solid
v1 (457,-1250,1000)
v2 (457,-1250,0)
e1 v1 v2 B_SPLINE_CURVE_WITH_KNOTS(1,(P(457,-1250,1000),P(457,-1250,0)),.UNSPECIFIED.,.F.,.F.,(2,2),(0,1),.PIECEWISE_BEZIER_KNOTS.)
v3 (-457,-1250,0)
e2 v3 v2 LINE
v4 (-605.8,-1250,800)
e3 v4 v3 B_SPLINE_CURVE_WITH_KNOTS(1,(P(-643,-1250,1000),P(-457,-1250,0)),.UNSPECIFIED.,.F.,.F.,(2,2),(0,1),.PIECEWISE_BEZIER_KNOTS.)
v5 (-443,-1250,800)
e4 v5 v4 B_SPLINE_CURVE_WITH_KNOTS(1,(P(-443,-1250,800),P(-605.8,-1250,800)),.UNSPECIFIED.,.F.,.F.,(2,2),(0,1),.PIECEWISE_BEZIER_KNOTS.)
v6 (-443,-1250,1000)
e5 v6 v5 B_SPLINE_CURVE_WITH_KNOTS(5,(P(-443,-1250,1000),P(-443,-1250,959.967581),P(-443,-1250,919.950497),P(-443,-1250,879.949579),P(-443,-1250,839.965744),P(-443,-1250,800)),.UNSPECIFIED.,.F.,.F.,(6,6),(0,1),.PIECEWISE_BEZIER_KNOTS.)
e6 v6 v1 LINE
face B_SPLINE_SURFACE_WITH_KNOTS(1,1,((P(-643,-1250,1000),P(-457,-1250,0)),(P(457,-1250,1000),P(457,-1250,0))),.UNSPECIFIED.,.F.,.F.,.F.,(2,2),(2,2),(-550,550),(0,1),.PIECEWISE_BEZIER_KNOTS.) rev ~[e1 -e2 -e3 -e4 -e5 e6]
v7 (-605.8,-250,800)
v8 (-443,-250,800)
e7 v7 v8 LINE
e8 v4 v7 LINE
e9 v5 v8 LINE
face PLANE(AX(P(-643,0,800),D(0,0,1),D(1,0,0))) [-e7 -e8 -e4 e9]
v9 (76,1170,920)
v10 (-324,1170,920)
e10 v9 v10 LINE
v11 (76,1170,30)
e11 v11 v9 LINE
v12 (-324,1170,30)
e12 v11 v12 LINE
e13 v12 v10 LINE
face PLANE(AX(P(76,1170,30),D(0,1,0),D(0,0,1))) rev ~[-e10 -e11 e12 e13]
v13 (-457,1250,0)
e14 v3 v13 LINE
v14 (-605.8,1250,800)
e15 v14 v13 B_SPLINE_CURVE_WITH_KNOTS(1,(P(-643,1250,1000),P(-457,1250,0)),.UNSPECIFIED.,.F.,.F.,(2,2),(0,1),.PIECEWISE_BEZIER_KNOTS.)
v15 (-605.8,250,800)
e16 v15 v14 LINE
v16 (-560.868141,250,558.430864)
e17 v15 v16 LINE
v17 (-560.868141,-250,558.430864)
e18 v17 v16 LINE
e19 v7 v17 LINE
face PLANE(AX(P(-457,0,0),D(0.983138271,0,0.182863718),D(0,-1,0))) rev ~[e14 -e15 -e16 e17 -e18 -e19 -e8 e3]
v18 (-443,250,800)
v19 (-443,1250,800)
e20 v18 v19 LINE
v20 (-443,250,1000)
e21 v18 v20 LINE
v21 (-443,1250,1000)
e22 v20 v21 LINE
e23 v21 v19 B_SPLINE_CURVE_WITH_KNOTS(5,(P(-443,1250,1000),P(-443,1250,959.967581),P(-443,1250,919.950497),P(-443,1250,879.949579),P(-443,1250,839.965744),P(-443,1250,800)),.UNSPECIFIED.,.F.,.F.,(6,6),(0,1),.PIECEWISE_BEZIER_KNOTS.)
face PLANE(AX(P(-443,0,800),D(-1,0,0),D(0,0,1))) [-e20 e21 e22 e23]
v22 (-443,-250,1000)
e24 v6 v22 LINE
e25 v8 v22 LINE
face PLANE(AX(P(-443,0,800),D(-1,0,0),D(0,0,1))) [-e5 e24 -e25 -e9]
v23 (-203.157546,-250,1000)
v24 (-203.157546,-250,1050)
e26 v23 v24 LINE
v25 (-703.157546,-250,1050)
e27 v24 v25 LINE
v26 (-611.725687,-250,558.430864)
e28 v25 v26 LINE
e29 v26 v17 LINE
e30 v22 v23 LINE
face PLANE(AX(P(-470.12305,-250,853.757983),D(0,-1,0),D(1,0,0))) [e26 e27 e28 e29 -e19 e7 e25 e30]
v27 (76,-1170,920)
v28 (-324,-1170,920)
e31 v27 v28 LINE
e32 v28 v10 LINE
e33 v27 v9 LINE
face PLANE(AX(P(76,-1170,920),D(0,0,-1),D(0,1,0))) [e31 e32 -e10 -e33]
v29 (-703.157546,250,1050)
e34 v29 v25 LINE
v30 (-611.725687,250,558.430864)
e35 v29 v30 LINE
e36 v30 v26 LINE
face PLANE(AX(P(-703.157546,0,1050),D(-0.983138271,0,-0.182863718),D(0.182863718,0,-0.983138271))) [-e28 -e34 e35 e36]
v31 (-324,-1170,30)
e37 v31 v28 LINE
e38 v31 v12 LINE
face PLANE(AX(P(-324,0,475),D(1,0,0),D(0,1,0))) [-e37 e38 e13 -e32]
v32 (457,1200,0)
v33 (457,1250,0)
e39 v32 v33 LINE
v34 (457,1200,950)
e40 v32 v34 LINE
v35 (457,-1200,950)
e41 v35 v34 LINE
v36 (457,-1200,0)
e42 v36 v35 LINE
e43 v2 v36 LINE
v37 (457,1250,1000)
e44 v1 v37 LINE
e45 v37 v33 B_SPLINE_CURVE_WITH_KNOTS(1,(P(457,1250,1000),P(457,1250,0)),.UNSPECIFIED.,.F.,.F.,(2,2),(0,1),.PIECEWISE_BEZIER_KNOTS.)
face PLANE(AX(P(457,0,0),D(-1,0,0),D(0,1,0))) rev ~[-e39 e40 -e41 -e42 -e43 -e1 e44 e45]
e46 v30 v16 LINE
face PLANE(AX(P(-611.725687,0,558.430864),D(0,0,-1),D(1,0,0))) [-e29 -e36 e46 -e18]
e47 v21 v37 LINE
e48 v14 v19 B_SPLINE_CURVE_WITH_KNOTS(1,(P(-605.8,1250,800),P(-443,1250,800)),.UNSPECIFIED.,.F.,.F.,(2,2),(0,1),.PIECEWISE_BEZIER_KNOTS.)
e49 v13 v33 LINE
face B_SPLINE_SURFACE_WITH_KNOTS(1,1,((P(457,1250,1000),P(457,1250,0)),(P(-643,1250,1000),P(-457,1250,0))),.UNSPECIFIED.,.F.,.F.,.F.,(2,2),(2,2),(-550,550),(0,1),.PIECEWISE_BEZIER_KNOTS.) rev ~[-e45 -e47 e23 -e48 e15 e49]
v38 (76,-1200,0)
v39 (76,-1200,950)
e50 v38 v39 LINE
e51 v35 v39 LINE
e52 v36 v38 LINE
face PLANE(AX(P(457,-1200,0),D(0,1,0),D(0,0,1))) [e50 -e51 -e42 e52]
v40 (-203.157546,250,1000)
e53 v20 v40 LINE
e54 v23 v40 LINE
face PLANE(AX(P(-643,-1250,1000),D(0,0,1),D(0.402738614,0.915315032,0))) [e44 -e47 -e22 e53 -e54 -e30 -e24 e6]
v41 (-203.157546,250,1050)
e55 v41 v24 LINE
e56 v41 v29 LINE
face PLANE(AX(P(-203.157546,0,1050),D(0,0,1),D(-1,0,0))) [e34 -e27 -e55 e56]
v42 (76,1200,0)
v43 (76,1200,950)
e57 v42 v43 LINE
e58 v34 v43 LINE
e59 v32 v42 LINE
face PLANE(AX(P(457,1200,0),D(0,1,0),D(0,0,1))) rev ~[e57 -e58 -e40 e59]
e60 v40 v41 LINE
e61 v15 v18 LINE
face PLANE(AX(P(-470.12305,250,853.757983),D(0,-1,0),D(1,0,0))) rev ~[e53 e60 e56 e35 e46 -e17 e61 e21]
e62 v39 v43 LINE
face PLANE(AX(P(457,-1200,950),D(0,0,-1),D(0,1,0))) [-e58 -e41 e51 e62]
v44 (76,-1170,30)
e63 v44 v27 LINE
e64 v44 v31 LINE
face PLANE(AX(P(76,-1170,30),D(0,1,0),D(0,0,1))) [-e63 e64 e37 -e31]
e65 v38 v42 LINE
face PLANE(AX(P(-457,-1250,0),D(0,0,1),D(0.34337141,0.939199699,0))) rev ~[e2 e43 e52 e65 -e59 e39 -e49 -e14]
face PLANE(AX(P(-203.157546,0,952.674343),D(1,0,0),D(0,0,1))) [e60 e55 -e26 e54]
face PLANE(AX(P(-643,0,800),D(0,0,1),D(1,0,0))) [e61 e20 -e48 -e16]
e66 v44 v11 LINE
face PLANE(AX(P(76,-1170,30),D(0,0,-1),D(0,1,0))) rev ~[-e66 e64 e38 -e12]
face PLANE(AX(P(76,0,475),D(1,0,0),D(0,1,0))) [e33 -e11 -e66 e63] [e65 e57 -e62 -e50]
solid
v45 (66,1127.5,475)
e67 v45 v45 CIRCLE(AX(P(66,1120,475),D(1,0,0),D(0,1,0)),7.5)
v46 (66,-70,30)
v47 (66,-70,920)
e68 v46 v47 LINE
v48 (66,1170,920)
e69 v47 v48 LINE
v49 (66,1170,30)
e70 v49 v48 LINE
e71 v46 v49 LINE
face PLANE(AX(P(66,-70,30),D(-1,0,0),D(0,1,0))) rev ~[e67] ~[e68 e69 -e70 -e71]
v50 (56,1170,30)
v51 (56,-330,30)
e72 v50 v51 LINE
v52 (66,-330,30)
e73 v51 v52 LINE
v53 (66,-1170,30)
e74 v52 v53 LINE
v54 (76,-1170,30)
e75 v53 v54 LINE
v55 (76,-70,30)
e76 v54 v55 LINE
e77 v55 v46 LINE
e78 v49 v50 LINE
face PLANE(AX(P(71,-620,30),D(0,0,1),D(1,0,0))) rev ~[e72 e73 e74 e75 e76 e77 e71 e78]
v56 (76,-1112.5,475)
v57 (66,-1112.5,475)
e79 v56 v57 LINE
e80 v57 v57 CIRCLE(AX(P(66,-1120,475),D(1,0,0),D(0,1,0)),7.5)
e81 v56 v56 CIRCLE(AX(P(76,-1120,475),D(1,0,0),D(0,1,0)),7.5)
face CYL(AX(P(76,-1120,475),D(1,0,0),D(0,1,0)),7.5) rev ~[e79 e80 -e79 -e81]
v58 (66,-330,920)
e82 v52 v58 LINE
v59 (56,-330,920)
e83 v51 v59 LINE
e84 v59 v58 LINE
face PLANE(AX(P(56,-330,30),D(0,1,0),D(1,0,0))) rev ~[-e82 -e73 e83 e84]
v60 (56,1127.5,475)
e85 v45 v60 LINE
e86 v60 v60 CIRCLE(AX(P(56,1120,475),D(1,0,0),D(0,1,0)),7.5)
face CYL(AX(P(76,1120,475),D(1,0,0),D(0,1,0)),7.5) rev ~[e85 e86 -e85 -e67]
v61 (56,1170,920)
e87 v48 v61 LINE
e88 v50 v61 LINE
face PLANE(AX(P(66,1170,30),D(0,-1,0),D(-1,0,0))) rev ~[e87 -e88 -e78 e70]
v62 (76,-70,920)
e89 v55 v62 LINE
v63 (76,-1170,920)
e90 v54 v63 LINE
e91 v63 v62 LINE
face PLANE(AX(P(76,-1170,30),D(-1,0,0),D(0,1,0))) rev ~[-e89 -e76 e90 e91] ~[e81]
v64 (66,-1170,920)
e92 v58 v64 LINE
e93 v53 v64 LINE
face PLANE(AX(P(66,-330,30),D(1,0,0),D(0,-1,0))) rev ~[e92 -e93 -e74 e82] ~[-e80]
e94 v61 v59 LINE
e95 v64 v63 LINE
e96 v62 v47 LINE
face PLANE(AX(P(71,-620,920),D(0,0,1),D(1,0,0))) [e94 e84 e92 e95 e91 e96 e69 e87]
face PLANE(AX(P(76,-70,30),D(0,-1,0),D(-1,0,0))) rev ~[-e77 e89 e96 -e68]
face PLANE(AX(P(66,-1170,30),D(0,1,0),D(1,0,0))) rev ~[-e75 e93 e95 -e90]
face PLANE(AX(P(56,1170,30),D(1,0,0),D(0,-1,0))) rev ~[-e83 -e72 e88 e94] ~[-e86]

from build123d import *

# Parameters (mm, degrees)
F2_W           = 1100
F2_H           = 2500
F0_W           = 914
F0_H           = 2500
F4_W           = 2400
F4_H           = 950
F5_DEPTH       = 381
F6_W           = 2340
F6_H           = 890
F7_DEPTH       = 400
F9_DEPTH       = 890
F10_R          = 7.5
F11_DEPTH      = 50
F11_DEPTH_BACK = 60
F12_W          = 200
F12_H          = 200
F13_DEPTH      = 1250.0010001
F13_DEPTH_BACK = 1250.0010001
F15_DEPTH      = 250


with BuildPart() as f3:
    # F2 (on offset) → F3 section 0
    with BuildSketch(Plane.XY.offset(1000)):
        with Locations((-93, 0)):
            Rectangle(F2_W, F2_H)
    # F0 (on Top) → F3 section 1
    with BuildSketch(Plane.XY):
        Rectangle(F0_W, F0_H)
    loft()

    # F4 (on face) → F5 (cut)
    with BuildSketch(Plane.YZ.offset(457)):
        with Locations((0, 475)):
            Rectangle(F4_W, F4_H)
    extrude(amount=-F5_DEPTH, mode=Mode.SUBTRACT)

    # F6 (on face) → F7 (cut)
    with BuildSketch(Plane.YZ.offset(76)):
        with Locations((0, 475)):
            Rectangle(F6_W, F6_H)
    extrude(amount=-F7_DEPTH, mode=Mode.SUBTRACT)

    # F12 (on Front) → F13 (cut, two sides)
    with BuildSketch(Plane.XZ) as f13_sk:
        with Locations((-543, 900)):
            Rectangle(F12_W, F12_H)
    extrude(amount=-F13_DEPTH, mode=Mode.SUBTRACT)
    extrude(f13_sk.sketch, amount=F13_DEPTH_BACK, mode=Mode.SUBTRACT)

    # F14 (on Front) → F15 (join, symmetric)
    with BuildSketch(Plane.XZ):
        Polygon((-203.1575461461, 952.674343131), (-203.1575461461, 1050), (-703.1575461461, 1050), (-611.7256869163, 558.430864356), (-384.936348669, 558.430864356), (-384.936348669, 952.674343131), align=None)
    extrude(amount=F15_DEPTH, both=True)


with BuildPart() as f9:
    # F8 (on face) → F9 (new body, through all)
    with BuildSketch(Plane.XY.offset(30)):
        Polygon((66, -1170), (76, -1170), (76, -70), (66, -70), (66, -330), align=None)
        Polygon((56, -330), (66, -330), (66, -70), (66, 1170), (56, 1170), align=None)
    extrude(amount=F9_DEPTH)

    # F10 (on face) → F11 (cut, two sides)
    with BuildSketch(Plane.YZ.offset(76)) as f11_sk:
        with Locations((-1120, 475)):
            Circle(F10_R)
        with Locations((1120, 475)):
            Circle(F10_R)
    extrude(amount=-F11_DEPTH, mode=Mode.SUBTRACT)
    extrude(f11_sk.sketch, amount=F11_DEPTH_BACK, mode=Mode.SUBTRACT)


solid = Compound([f3.part, f9.part])
